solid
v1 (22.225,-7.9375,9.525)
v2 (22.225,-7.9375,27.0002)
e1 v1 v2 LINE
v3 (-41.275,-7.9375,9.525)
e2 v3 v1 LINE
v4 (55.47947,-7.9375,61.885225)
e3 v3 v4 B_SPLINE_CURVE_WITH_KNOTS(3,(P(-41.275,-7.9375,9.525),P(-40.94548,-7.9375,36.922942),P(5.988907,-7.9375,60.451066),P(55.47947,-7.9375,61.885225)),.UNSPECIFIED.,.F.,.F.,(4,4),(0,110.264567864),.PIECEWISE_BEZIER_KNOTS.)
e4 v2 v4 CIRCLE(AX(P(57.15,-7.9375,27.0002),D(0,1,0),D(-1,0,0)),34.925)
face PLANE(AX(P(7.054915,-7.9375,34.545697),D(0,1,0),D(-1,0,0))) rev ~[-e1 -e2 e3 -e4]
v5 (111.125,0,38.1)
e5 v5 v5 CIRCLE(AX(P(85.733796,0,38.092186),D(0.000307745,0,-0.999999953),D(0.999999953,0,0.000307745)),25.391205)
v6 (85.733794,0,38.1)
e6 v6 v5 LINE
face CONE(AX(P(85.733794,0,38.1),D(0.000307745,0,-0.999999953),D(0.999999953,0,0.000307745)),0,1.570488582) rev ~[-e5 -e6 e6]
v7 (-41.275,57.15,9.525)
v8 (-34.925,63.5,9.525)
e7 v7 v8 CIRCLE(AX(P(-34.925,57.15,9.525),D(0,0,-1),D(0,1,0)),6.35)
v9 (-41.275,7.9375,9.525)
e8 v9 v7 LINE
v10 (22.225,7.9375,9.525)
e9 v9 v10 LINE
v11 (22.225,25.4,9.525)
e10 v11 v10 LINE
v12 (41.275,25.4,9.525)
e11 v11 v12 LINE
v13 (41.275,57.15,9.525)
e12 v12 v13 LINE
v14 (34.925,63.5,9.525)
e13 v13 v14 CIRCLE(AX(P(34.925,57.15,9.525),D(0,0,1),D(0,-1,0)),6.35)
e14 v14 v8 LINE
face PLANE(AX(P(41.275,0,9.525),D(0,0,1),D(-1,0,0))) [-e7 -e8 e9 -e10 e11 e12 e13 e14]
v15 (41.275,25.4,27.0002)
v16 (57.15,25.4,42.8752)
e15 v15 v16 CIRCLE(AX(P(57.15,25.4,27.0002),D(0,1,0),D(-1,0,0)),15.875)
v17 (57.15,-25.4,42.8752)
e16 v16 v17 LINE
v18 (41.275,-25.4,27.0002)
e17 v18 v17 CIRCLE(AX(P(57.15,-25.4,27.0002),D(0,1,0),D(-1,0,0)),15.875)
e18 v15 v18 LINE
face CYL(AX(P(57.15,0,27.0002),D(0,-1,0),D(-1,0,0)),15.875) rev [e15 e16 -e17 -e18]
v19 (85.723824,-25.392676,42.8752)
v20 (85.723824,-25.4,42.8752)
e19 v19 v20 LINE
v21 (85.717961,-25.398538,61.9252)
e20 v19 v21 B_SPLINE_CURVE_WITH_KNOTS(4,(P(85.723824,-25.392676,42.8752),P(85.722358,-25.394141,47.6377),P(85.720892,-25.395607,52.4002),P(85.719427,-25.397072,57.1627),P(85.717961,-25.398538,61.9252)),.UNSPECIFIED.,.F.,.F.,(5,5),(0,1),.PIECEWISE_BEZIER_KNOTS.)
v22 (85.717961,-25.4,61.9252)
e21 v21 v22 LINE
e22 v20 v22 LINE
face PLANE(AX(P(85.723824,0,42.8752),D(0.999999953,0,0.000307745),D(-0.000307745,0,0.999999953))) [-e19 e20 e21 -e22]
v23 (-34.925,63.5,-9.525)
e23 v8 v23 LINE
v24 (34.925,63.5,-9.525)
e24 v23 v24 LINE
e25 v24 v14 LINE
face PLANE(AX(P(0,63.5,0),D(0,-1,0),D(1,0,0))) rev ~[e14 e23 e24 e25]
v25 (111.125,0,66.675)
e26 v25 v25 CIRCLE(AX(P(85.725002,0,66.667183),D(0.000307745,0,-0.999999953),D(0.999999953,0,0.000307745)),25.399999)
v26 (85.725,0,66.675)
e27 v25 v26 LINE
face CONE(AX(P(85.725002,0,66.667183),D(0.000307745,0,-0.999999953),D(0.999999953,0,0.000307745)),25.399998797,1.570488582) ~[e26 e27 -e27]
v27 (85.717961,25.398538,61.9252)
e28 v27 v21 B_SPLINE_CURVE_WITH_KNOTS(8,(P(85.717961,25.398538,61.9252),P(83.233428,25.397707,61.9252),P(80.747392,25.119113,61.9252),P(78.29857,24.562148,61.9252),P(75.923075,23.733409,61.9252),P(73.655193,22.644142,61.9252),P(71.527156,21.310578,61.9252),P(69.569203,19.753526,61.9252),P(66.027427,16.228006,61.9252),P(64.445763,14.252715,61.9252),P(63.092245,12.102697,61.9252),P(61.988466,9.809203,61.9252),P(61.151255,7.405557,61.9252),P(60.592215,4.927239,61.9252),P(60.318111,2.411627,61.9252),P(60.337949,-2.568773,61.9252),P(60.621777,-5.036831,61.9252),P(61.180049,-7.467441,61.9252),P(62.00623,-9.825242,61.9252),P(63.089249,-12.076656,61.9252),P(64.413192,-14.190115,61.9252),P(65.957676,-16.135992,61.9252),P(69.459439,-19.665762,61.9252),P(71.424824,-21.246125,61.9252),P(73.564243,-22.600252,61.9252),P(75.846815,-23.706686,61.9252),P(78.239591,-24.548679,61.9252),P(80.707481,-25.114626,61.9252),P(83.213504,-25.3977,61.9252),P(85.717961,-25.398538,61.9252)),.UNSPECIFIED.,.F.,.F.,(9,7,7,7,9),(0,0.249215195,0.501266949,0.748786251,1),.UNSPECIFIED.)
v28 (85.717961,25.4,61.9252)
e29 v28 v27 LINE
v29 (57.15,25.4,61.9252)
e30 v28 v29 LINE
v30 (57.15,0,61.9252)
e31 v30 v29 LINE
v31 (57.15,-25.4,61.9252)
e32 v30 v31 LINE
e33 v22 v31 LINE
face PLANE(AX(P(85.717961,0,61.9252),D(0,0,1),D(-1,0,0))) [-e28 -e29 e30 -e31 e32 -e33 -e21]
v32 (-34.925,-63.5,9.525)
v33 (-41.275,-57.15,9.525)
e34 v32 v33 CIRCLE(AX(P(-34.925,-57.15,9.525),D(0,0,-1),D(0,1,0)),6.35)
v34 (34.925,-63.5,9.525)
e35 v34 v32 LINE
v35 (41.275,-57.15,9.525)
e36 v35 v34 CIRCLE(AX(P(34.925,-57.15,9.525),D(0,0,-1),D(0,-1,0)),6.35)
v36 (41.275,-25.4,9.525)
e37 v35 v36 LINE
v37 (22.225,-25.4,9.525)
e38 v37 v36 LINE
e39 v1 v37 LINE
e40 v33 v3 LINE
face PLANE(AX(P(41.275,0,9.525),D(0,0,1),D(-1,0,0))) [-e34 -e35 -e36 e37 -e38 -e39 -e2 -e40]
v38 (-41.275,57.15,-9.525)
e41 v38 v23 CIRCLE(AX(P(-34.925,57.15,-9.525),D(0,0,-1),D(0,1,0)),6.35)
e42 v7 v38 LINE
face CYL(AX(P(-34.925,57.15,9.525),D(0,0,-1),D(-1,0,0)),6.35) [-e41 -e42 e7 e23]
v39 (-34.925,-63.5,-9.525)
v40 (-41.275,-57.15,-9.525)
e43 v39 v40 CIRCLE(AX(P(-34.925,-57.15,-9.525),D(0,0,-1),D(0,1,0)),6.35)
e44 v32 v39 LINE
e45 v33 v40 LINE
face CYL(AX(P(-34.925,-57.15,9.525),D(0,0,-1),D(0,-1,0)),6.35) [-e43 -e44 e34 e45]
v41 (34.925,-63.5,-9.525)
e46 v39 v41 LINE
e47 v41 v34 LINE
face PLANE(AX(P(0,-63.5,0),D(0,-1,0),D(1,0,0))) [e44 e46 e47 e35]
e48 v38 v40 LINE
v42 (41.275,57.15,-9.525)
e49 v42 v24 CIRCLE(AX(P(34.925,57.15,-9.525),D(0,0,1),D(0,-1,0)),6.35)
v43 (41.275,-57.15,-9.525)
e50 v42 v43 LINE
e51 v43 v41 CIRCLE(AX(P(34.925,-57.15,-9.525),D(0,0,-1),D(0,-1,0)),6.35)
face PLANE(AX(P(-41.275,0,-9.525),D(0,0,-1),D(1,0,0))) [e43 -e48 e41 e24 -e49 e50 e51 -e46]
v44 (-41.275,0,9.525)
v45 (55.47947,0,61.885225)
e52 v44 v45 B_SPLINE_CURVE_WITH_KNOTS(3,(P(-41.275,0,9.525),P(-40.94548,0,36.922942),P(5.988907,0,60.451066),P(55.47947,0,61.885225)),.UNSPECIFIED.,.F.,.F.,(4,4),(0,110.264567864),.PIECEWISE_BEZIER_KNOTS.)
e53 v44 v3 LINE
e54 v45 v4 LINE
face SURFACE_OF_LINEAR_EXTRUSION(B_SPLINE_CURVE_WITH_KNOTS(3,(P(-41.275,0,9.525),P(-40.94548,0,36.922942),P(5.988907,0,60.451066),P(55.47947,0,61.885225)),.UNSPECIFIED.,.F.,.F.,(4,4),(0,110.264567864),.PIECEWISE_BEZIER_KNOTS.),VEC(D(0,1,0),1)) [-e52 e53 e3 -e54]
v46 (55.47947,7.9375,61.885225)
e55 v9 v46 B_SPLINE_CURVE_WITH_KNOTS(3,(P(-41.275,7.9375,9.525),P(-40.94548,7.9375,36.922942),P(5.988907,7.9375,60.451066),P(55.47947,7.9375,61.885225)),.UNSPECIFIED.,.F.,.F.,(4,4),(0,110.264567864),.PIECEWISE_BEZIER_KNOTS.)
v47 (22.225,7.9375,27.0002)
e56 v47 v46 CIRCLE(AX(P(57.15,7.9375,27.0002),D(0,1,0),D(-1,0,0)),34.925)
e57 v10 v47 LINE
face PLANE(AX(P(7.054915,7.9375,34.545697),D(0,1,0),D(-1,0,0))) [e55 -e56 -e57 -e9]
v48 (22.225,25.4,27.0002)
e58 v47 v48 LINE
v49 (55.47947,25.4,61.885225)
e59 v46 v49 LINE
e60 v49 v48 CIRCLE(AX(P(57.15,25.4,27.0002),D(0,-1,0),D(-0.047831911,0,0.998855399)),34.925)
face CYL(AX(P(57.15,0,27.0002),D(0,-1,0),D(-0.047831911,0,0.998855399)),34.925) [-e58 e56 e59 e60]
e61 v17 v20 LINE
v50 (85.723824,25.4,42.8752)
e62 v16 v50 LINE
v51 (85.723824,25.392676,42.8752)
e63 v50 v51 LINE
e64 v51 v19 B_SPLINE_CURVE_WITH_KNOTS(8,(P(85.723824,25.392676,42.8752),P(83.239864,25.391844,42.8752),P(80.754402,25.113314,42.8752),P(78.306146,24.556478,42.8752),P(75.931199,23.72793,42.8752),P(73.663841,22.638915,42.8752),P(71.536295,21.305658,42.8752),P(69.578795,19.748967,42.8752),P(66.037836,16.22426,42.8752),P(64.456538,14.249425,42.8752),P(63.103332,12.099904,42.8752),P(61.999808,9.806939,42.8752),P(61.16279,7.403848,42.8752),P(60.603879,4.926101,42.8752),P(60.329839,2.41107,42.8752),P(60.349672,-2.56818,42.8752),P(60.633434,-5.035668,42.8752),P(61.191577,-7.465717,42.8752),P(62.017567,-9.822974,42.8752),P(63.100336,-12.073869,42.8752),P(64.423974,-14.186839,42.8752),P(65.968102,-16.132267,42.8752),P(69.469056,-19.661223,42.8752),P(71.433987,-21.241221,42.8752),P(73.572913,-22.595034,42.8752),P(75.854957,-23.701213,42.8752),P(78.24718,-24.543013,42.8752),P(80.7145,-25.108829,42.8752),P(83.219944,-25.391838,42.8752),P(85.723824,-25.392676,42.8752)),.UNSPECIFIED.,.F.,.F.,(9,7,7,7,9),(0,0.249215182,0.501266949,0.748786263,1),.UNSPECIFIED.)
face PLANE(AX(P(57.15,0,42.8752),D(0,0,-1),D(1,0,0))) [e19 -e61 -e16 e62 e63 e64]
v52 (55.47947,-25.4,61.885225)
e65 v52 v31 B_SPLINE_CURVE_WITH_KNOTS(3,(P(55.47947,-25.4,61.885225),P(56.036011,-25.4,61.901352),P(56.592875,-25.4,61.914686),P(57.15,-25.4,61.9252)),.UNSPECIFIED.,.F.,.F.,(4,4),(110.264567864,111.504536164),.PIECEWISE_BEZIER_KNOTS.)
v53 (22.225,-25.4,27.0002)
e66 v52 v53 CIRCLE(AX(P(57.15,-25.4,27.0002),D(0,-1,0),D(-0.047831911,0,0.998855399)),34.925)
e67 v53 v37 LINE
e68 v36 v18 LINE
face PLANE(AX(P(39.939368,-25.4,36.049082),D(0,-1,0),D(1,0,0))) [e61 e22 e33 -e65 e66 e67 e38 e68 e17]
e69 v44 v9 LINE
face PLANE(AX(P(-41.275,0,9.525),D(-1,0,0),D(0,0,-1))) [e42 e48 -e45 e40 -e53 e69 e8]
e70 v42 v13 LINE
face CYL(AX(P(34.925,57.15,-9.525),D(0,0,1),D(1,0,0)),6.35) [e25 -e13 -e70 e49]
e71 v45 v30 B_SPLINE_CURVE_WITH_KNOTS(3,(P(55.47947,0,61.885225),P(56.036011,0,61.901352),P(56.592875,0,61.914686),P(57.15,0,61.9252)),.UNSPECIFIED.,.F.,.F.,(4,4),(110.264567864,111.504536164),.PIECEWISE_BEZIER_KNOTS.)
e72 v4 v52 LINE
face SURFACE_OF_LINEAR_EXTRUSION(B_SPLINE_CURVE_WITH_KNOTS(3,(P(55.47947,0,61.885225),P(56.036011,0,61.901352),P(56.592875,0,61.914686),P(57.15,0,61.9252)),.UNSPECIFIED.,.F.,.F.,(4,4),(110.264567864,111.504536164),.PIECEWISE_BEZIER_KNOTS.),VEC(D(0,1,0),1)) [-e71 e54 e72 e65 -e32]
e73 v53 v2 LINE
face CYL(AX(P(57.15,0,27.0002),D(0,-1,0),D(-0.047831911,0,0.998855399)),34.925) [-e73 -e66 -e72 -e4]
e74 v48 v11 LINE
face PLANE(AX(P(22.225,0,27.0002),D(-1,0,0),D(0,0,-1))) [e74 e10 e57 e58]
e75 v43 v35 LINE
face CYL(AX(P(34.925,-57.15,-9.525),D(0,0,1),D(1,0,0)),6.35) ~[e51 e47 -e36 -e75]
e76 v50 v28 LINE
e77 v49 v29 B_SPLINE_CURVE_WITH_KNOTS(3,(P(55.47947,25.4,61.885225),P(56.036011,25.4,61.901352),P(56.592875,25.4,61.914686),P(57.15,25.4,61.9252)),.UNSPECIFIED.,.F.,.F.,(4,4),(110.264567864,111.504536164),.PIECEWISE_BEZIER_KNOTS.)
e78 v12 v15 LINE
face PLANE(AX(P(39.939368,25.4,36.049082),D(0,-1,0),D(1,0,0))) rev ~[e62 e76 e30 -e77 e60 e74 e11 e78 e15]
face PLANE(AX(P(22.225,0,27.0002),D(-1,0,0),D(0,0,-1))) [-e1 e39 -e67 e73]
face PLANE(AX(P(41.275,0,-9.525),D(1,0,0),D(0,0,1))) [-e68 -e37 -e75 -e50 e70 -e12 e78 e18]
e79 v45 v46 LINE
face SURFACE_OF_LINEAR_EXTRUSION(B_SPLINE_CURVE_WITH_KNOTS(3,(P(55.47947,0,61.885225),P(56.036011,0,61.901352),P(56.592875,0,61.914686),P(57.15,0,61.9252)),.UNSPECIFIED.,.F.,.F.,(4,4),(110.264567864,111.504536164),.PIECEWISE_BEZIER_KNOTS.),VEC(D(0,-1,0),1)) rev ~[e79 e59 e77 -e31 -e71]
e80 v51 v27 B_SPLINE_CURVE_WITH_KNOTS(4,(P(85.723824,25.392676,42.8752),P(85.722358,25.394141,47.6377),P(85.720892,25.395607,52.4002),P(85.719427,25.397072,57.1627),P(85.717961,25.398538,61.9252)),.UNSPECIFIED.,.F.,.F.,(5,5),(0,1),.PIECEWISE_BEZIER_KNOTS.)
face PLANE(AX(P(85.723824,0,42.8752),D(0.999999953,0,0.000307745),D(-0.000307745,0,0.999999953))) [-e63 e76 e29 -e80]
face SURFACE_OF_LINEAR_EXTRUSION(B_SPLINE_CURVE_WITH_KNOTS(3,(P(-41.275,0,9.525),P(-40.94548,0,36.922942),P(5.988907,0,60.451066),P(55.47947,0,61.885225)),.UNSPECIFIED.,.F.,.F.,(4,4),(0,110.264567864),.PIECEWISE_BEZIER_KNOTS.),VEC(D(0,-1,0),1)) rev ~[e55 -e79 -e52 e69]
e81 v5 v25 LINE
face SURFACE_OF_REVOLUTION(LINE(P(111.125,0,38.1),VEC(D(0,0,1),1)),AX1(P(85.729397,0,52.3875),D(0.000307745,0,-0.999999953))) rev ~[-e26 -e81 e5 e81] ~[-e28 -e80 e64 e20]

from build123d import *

# Parameters (mm, degrees)
F1_DEPTH = 63.5
F2_DEPTH = 25.4
F3_DEPTH = 7.9375
F5_R     = 6.35


with BuildPart() as f1:
    # F0 (on Front) → F1 (new body, symmetric)
    with BuildSketch(Plane.XZ):
        Polygon((22.225, 9.525), (-41.275, 9.525), (-41.275, -9.525), (41.275, -9.525), (41.275, 9.525), align=None)
    extrude(amount=F1_DEPTH, both=True)

    # F0 (on Front) → F2 (join, symmetric)
    with BuildSketch(Plane.XZ):
        with BuildLine():
            Line((22.225, 27.0002), (22.225, 9.525))
            Line((22.225, 9.525), (41.275, 9.525))
            Line((41.275, 9.525), (41.275, 27.0002))
            ThreePointArc((41.275, 27.0002), (45.9246798487, 38.2255201513), (57.15, 42.8752))
            Line((57.15, 42.8752), (60.325, 42.8752))
            Line((60.325, 42.8752), (60.325, 61.9252))
            Line((60.325, 61.9252), (57.15, 61.9252))
            add(Edge.make_bspline(
                [(55.4794704974, 61.8852248127), (56.036011294, 61.9013524911), (56.5928753418, 61.9146861922), (57.15, 61.9252)],
                knots=[110.2645678644, 110.2645678644, 110.2645678644, 110.2645678644, 111.5045361635, 111.5045361635, 111.5045361635, 111.5045361635], degree=3))
            ThreePointArc((55.4794704974, 61.8852248127), (31.8705729112, 51.0980461913), (22.225, 27.0002))
        make_face()
        Polygon((85.7179611921, 61.9252), (60.325, 61.9252), (60.325, 42.8752), (85.723823737, 42.8752), align=None)
    extrude(amount=F2_DEPTH, both=True)

    # F0 (on Front) → F3 (join, symmetric)
    with BuildSketch(Plane.XZ):
        with BuildLine():
            add(Edge.make_bspline(
                [(-41.275, 9.525), (-40.945480422, 36.9229423767), (5.9889065218, 60.4510659796), (55.4794704974, 61.8852248127)],
                knots=[0, 0, 0, 0, 110.2645678644, 110.2645678644, 110.2645678644, 110.2645678644], degree=3))
            Line((-41.275, 9.525), (22.225, 9.525))
            Line((22.225, 9.525), (22.225, 27.0002))
            ThreePointArc((22.225, 27.0002), (31.8705729112, 51.0980461913), (55.4794704974, 61.8852248127))
        make_face()
    extrude(amount=F3_DEPTH, both=True)

    # F0 (on Front) → F4 (revolve)
    with BuildSketch(Plane.XZ):
        Polygon((111.125, 66.675), (85.725, 66.675), (85.7337938173, 38.1), (111.125, 38.1), align=None)
    revolve(axis=Axis((85.7293969086, 0, 52.3875), (0.0003077451, 0, -0.9999999526)))

    # F5
    f5_edges = [f1.edges().sort_by_distance(p)[0] for p in [
        (-41.275, -63.5, 0),
        (41.275, -63.5, 0),
        (41.275, 63.5, 0),
        (-41.275, 63.5, 0),
    ]]
    fillet(f5_edges, radius=F5_R)


solid = f1.part
